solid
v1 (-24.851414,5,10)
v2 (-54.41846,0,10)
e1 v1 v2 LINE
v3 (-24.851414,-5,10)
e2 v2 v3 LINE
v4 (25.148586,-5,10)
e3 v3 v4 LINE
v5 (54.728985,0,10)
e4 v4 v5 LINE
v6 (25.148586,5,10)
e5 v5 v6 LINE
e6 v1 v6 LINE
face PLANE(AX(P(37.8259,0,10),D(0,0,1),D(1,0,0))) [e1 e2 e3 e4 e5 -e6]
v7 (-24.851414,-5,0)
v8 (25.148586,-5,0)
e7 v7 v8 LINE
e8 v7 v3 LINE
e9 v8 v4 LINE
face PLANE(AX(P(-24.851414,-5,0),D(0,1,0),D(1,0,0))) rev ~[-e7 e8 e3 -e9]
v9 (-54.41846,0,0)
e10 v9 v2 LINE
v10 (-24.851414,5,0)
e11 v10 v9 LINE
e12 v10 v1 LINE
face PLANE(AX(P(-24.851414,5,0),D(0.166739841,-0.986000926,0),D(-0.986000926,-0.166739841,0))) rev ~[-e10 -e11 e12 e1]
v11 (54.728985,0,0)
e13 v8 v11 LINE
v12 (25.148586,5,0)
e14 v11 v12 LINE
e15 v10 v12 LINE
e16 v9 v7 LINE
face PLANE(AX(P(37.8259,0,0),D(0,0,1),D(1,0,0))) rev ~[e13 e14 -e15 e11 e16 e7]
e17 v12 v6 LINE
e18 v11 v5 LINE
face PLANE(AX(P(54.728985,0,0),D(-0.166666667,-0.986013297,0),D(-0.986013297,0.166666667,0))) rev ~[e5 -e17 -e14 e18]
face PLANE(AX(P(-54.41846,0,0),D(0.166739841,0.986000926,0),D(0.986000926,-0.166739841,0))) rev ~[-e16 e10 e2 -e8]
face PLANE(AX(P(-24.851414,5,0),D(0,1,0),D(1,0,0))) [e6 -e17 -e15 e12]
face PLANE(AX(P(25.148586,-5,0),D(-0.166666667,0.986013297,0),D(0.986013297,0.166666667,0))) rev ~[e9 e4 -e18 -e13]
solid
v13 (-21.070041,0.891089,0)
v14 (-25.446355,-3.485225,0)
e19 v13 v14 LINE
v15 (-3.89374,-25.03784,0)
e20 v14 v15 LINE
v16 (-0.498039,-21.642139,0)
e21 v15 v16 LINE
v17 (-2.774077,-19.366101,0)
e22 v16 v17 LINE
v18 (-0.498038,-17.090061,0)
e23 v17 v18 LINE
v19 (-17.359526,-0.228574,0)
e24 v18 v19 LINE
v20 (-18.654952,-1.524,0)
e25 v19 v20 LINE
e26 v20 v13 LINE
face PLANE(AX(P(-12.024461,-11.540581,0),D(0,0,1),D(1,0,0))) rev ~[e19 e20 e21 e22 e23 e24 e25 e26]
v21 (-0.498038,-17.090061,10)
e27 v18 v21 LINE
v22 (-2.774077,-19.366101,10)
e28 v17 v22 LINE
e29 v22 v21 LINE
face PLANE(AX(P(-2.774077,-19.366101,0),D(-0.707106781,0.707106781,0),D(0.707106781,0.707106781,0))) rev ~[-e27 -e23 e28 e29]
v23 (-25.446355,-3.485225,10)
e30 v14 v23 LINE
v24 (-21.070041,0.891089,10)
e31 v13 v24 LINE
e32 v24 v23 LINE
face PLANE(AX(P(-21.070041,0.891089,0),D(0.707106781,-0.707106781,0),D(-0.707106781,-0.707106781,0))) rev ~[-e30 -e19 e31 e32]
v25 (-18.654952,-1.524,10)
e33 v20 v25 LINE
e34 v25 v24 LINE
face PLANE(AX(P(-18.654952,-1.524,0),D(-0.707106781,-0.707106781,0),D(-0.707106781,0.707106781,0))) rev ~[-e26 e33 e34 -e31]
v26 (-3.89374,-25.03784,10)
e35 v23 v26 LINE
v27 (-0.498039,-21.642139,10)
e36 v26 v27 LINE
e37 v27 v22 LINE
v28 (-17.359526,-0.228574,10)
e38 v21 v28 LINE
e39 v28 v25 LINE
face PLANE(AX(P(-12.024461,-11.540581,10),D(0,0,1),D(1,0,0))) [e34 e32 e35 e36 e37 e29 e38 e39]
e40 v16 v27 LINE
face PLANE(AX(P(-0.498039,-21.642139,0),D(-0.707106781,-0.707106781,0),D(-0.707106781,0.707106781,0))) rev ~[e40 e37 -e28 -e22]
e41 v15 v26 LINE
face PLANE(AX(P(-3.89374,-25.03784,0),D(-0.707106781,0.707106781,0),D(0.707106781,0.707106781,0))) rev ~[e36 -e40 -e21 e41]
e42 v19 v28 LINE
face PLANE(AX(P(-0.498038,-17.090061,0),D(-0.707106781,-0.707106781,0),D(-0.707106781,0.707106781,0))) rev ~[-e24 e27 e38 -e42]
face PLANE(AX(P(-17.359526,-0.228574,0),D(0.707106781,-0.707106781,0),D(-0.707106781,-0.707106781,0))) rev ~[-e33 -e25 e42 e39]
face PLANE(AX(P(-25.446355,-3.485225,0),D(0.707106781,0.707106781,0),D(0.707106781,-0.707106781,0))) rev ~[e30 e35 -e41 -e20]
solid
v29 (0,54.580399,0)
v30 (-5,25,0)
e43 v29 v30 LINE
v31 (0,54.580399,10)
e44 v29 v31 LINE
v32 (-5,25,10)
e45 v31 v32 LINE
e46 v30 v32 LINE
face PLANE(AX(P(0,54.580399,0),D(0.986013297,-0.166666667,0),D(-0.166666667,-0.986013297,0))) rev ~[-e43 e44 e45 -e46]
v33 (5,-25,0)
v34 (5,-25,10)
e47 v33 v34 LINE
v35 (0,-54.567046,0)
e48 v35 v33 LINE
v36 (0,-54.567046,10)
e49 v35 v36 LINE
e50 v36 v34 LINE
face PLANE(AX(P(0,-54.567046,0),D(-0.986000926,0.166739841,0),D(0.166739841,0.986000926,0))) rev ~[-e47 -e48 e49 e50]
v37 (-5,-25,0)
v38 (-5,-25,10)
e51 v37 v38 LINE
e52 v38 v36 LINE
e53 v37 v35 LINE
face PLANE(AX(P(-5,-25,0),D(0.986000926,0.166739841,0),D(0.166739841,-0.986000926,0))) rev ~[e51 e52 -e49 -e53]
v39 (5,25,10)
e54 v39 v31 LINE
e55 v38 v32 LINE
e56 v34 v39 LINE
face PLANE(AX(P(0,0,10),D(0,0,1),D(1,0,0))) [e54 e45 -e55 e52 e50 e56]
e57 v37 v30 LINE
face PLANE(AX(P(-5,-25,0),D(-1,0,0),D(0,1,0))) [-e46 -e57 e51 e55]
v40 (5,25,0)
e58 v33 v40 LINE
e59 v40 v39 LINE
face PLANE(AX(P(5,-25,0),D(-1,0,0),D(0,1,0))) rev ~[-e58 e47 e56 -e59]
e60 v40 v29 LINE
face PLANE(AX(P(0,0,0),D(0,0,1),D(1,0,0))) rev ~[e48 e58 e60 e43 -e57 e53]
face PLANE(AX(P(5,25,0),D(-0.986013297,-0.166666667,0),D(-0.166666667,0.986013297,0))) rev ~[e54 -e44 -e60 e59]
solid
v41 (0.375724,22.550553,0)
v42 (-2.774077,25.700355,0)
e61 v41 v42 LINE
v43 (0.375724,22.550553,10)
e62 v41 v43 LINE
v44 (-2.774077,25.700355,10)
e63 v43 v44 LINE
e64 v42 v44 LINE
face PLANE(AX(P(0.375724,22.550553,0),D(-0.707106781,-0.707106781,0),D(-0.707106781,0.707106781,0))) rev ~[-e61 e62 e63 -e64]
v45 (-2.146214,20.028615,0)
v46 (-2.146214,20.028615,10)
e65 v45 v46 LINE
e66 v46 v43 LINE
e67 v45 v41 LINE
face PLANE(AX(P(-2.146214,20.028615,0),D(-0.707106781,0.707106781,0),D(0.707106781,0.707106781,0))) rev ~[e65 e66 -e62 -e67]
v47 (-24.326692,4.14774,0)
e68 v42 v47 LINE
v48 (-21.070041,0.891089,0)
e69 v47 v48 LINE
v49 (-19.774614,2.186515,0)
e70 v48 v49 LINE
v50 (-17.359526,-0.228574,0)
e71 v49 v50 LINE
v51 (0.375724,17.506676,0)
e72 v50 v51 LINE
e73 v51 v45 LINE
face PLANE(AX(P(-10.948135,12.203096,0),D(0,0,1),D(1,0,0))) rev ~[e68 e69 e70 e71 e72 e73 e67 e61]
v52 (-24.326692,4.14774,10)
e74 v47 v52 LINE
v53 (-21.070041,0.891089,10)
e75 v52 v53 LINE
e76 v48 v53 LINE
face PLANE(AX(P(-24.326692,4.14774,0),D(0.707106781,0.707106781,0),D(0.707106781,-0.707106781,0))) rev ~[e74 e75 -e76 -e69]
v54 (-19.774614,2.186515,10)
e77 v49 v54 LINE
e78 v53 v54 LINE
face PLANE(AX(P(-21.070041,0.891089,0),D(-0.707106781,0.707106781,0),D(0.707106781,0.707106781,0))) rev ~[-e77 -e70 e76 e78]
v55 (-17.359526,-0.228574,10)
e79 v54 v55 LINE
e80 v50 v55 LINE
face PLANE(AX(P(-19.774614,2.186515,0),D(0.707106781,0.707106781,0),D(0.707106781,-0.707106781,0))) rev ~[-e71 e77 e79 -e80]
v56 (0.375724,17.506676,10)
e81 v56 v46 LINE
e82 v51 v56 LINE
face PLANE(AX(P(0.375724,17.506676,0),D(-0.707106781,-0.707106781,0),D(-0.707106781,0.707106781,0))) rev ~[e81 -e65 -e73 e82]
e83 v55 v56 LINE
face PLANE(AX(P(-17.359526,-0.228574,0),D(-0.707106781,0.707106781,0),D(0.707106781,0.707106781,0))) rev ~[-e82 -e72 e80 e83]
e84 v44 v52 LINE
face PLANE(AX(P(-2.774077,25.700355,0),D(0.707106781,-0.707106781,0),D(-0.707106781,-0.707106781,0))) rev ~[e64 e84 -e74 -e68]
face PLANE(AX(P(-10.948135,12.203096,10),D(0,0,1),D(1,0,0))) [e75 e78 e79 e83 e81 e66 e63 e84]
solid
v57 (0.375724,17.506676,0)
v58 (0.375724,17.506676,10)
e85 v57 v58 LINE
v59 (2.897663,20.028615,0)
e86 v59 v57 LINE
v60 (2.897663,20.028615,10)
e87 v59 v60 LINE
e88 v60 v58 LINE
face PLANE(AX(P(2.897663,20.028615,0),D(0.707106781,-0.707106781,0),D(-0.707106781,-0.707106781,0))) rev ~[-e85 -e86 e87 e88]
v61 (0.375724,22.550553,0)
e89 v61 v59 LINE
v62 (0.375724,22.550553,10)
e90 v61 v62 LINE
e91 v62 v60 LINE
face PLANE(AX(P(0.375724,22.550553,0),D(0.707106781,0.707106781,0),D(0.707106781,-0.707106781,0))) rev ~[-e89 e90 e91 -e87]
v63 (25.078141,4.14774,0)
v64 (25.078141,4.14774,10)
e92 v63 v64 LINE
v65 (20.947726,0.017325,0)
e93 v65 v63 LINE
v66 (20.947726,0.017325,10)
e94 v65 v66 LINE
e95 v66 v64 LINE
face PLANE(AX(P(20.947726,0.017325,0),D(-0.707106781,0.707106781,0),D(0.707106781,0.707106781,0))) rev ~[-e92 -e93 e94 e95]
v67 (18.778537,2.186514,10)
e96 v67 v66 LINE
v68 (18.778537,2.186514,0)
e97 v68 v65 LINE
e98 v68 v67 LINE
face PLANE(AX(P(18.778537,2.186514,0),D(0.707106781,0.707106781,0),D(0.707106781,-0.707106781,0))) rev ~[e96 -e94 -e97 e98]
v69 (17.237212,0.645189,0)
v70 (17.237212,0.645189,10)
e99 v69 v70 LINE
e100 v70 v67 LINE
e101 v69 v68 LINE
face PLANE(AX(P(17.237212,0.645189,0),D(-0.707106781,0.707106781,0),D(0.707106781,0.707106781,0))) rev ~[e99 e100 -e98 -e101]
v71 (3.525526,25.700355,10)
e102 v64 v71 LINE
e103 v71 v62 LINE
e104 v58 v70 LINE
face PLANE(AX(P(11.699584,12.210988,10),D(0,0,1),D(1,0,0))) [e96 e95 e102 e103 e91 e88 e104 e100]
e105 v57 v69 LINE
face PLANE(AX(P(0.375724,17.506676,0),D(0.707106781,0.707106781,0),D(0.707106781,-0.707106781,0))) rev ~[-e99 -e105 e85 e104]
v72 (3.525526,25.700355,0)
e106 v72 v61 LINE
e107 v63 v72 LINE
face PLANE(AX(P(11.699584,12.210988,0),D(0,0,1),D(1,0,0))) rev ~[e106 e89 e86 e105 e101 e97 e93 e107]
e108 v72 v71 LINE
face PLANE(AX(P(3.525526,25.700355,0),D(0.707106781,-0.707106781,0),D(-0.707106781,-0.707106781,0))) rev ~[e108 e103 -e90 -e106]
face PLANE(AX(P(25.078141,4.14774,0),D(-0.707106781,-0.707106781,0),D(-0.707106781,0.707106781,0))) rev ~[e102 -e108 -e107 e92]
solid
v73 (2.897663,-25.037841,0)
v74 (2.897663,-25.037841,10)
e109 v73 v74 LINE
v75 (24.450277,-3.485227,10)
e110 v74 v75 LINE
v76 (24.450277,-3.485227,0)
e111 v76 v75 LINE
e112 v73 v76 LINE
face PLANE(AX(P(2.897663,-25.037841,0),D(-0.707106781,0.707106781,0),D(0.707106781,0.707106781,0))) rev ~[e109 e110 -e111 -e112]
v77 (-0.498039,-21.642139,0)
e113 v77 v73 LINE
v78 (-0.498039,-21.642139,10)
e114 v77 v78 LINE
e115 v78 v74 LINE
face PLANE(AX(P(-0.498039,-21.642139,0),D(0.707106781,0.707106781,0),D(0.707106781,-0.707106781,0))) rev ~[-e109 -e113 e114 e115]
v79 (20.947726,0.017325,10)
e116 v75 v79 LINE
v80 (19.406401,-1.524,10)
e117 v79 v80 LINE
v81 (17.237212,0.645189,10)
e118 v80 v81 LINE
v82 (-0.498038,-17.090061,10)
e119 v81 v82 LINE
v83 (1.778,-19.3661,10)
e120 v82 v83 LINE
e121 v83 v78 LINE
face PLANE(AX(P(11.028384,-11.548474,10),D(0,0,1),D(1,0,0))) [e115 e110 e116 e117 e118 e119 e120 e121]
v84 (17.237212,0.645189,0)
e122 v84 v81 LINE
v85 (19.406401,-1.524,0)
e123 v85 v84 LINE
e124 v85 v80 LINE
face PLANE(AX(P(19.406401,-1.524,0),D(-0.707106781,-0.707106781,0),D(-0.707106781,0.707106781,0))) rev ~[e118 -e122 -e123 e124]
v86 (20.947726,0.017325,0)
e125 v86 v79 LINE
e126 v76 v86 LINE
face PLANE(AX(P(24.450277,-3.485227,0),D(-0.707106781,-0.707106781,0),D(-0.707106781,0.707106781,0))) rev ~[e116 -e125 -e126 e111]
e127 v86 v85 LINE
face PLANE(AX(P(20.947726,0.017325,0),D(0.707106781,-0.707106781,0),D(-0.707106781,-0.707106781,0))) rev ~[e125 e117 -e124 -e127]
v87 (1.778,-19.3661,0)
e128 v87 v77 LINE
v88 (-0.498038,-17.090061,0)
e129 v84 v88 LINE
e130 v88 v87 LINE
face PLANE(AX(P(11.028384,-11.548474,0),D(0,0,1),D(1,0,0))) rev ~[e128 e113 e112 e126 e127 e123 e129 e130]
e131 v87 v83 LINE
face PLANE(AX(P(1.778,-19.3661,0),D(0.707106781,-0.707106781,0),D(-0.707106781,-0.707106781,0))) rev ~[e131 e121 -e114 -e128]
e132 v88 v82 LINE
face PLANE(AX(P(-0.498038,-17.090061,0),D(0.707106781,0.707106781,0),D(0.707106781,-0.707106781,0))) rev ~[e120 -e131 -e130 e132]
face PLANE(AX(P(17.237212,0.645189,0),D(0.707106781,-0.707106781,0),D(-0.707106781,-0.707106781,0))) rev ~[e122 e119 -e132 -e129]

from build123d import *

# Parameters (mm, degrees)
F3_DEPTH = 10
F0_W     = 10
F0_H     = 50
F1_W     = 50
F1_H     = 10


with BuildPart() as f3:
    # F2 (on Top) → F3 (new body)
    with BuildSketch(Plane.XY):
        Polygon((-17.3595256848, -0.2285738221), (0.3757243976, 17.5066762604), (-2.1462140696, 20.0286147276), (0.3757243976, 22.5505531948), (-2.7740773908, 25.7003549833), (-24.3266920814, 4.1477402927), (-21.0700405853, 0.8910887966), (-19.7746144444, 2.1865149375), align=None)
    extrude(amount=F3_DEPTH)


with BuildPart() as f3b:
    # F2 (on Top) → F3, piece 2 (new body)
    with BuildSketch(Plane.XY):
        Polygon((0.3757243976, 22.5505531948), (2.8976628648, 20.0286147276), (0.3757243976, 17.5066762604), (17.2372120748, 0.6451885831), (18.778537244, 2.1865137523), (20.9477257901, 0.0173252062), (25.0781408766, 4.1477402927), (3.525526186, 25.7003549833), align=None)
    extrude(amount=F3_DEPTH)


with BuildPart() as f3c:
    # F2 (on Top) → F3, piece 3 (new body)
    with BuildSketch(Plane.XY):
        Polygon((19.4064006209, -1.523999963), (17.2372120748, 0.6451885831), (-0.4980380076, -17.0900614993), (1.7780002462, -19.3660997531), (-0.4980391928, -21.642139192), (2.8976628091, -25.037841194), (24.4502774997, -3.4852265034), (20.9477257901, 0.0173252062), align=None)
    extrude(amount=F3_DEPTH)


with BuildPart() as f3d:
    # F2 (on Top) → F3, piece 4 (new body)
    with BuildSketch(Plane.XY):
        Polygon((-0.4980380076, -17.0900614993), (-17.3595256848, -0.2285738221), (-18.6549518257, -1.523999963), (-21.0700405853, 0.8910887966), (-25.4463547001, -3.4852253182), (-3.8937400095, -25.0378400087), (-0.4980391928, -21.642139192), (-2.7740774466, -19.3661009383), align=None)
    extrude(amount=F3_DEPTH)


with BuildPart() as f3e:
    # F0 (on Top) → F3, piece 5 (new body)
    with BuildSketch(Plane.XY):
        Rectangle(F0_W, F0_H)
        Polygon((0, 54.5803989155), (-5, 25), (5, 25), align=None)
        Polygon((5, -25), (-5, -25), (0, -54.5670464635), align=None)
    extrude(amount=F3_DEPTH)


with BuildPart() as f3f:
    # F1 (on Top) → F3, piece 6 (new body)
    with BuildSketch(Plane.XY):
        Polygon((54.7289852769, 0), (25.1485863614, 5), (25.1485863614, -5), align=None)
        with Locations((0.1485863614, 0)):
            Rectangle(F1_W, F1_H)
        Polygon((-24.8514136386, -5), (-24.8514136386, 5), (-54.4184601021, 0), align=None)
    extrude(amount=F3_DEPTH)


solid = Compound([f3.part, f3b.part, f3c.part, f3d.part, f3e.part, f3f.part])
